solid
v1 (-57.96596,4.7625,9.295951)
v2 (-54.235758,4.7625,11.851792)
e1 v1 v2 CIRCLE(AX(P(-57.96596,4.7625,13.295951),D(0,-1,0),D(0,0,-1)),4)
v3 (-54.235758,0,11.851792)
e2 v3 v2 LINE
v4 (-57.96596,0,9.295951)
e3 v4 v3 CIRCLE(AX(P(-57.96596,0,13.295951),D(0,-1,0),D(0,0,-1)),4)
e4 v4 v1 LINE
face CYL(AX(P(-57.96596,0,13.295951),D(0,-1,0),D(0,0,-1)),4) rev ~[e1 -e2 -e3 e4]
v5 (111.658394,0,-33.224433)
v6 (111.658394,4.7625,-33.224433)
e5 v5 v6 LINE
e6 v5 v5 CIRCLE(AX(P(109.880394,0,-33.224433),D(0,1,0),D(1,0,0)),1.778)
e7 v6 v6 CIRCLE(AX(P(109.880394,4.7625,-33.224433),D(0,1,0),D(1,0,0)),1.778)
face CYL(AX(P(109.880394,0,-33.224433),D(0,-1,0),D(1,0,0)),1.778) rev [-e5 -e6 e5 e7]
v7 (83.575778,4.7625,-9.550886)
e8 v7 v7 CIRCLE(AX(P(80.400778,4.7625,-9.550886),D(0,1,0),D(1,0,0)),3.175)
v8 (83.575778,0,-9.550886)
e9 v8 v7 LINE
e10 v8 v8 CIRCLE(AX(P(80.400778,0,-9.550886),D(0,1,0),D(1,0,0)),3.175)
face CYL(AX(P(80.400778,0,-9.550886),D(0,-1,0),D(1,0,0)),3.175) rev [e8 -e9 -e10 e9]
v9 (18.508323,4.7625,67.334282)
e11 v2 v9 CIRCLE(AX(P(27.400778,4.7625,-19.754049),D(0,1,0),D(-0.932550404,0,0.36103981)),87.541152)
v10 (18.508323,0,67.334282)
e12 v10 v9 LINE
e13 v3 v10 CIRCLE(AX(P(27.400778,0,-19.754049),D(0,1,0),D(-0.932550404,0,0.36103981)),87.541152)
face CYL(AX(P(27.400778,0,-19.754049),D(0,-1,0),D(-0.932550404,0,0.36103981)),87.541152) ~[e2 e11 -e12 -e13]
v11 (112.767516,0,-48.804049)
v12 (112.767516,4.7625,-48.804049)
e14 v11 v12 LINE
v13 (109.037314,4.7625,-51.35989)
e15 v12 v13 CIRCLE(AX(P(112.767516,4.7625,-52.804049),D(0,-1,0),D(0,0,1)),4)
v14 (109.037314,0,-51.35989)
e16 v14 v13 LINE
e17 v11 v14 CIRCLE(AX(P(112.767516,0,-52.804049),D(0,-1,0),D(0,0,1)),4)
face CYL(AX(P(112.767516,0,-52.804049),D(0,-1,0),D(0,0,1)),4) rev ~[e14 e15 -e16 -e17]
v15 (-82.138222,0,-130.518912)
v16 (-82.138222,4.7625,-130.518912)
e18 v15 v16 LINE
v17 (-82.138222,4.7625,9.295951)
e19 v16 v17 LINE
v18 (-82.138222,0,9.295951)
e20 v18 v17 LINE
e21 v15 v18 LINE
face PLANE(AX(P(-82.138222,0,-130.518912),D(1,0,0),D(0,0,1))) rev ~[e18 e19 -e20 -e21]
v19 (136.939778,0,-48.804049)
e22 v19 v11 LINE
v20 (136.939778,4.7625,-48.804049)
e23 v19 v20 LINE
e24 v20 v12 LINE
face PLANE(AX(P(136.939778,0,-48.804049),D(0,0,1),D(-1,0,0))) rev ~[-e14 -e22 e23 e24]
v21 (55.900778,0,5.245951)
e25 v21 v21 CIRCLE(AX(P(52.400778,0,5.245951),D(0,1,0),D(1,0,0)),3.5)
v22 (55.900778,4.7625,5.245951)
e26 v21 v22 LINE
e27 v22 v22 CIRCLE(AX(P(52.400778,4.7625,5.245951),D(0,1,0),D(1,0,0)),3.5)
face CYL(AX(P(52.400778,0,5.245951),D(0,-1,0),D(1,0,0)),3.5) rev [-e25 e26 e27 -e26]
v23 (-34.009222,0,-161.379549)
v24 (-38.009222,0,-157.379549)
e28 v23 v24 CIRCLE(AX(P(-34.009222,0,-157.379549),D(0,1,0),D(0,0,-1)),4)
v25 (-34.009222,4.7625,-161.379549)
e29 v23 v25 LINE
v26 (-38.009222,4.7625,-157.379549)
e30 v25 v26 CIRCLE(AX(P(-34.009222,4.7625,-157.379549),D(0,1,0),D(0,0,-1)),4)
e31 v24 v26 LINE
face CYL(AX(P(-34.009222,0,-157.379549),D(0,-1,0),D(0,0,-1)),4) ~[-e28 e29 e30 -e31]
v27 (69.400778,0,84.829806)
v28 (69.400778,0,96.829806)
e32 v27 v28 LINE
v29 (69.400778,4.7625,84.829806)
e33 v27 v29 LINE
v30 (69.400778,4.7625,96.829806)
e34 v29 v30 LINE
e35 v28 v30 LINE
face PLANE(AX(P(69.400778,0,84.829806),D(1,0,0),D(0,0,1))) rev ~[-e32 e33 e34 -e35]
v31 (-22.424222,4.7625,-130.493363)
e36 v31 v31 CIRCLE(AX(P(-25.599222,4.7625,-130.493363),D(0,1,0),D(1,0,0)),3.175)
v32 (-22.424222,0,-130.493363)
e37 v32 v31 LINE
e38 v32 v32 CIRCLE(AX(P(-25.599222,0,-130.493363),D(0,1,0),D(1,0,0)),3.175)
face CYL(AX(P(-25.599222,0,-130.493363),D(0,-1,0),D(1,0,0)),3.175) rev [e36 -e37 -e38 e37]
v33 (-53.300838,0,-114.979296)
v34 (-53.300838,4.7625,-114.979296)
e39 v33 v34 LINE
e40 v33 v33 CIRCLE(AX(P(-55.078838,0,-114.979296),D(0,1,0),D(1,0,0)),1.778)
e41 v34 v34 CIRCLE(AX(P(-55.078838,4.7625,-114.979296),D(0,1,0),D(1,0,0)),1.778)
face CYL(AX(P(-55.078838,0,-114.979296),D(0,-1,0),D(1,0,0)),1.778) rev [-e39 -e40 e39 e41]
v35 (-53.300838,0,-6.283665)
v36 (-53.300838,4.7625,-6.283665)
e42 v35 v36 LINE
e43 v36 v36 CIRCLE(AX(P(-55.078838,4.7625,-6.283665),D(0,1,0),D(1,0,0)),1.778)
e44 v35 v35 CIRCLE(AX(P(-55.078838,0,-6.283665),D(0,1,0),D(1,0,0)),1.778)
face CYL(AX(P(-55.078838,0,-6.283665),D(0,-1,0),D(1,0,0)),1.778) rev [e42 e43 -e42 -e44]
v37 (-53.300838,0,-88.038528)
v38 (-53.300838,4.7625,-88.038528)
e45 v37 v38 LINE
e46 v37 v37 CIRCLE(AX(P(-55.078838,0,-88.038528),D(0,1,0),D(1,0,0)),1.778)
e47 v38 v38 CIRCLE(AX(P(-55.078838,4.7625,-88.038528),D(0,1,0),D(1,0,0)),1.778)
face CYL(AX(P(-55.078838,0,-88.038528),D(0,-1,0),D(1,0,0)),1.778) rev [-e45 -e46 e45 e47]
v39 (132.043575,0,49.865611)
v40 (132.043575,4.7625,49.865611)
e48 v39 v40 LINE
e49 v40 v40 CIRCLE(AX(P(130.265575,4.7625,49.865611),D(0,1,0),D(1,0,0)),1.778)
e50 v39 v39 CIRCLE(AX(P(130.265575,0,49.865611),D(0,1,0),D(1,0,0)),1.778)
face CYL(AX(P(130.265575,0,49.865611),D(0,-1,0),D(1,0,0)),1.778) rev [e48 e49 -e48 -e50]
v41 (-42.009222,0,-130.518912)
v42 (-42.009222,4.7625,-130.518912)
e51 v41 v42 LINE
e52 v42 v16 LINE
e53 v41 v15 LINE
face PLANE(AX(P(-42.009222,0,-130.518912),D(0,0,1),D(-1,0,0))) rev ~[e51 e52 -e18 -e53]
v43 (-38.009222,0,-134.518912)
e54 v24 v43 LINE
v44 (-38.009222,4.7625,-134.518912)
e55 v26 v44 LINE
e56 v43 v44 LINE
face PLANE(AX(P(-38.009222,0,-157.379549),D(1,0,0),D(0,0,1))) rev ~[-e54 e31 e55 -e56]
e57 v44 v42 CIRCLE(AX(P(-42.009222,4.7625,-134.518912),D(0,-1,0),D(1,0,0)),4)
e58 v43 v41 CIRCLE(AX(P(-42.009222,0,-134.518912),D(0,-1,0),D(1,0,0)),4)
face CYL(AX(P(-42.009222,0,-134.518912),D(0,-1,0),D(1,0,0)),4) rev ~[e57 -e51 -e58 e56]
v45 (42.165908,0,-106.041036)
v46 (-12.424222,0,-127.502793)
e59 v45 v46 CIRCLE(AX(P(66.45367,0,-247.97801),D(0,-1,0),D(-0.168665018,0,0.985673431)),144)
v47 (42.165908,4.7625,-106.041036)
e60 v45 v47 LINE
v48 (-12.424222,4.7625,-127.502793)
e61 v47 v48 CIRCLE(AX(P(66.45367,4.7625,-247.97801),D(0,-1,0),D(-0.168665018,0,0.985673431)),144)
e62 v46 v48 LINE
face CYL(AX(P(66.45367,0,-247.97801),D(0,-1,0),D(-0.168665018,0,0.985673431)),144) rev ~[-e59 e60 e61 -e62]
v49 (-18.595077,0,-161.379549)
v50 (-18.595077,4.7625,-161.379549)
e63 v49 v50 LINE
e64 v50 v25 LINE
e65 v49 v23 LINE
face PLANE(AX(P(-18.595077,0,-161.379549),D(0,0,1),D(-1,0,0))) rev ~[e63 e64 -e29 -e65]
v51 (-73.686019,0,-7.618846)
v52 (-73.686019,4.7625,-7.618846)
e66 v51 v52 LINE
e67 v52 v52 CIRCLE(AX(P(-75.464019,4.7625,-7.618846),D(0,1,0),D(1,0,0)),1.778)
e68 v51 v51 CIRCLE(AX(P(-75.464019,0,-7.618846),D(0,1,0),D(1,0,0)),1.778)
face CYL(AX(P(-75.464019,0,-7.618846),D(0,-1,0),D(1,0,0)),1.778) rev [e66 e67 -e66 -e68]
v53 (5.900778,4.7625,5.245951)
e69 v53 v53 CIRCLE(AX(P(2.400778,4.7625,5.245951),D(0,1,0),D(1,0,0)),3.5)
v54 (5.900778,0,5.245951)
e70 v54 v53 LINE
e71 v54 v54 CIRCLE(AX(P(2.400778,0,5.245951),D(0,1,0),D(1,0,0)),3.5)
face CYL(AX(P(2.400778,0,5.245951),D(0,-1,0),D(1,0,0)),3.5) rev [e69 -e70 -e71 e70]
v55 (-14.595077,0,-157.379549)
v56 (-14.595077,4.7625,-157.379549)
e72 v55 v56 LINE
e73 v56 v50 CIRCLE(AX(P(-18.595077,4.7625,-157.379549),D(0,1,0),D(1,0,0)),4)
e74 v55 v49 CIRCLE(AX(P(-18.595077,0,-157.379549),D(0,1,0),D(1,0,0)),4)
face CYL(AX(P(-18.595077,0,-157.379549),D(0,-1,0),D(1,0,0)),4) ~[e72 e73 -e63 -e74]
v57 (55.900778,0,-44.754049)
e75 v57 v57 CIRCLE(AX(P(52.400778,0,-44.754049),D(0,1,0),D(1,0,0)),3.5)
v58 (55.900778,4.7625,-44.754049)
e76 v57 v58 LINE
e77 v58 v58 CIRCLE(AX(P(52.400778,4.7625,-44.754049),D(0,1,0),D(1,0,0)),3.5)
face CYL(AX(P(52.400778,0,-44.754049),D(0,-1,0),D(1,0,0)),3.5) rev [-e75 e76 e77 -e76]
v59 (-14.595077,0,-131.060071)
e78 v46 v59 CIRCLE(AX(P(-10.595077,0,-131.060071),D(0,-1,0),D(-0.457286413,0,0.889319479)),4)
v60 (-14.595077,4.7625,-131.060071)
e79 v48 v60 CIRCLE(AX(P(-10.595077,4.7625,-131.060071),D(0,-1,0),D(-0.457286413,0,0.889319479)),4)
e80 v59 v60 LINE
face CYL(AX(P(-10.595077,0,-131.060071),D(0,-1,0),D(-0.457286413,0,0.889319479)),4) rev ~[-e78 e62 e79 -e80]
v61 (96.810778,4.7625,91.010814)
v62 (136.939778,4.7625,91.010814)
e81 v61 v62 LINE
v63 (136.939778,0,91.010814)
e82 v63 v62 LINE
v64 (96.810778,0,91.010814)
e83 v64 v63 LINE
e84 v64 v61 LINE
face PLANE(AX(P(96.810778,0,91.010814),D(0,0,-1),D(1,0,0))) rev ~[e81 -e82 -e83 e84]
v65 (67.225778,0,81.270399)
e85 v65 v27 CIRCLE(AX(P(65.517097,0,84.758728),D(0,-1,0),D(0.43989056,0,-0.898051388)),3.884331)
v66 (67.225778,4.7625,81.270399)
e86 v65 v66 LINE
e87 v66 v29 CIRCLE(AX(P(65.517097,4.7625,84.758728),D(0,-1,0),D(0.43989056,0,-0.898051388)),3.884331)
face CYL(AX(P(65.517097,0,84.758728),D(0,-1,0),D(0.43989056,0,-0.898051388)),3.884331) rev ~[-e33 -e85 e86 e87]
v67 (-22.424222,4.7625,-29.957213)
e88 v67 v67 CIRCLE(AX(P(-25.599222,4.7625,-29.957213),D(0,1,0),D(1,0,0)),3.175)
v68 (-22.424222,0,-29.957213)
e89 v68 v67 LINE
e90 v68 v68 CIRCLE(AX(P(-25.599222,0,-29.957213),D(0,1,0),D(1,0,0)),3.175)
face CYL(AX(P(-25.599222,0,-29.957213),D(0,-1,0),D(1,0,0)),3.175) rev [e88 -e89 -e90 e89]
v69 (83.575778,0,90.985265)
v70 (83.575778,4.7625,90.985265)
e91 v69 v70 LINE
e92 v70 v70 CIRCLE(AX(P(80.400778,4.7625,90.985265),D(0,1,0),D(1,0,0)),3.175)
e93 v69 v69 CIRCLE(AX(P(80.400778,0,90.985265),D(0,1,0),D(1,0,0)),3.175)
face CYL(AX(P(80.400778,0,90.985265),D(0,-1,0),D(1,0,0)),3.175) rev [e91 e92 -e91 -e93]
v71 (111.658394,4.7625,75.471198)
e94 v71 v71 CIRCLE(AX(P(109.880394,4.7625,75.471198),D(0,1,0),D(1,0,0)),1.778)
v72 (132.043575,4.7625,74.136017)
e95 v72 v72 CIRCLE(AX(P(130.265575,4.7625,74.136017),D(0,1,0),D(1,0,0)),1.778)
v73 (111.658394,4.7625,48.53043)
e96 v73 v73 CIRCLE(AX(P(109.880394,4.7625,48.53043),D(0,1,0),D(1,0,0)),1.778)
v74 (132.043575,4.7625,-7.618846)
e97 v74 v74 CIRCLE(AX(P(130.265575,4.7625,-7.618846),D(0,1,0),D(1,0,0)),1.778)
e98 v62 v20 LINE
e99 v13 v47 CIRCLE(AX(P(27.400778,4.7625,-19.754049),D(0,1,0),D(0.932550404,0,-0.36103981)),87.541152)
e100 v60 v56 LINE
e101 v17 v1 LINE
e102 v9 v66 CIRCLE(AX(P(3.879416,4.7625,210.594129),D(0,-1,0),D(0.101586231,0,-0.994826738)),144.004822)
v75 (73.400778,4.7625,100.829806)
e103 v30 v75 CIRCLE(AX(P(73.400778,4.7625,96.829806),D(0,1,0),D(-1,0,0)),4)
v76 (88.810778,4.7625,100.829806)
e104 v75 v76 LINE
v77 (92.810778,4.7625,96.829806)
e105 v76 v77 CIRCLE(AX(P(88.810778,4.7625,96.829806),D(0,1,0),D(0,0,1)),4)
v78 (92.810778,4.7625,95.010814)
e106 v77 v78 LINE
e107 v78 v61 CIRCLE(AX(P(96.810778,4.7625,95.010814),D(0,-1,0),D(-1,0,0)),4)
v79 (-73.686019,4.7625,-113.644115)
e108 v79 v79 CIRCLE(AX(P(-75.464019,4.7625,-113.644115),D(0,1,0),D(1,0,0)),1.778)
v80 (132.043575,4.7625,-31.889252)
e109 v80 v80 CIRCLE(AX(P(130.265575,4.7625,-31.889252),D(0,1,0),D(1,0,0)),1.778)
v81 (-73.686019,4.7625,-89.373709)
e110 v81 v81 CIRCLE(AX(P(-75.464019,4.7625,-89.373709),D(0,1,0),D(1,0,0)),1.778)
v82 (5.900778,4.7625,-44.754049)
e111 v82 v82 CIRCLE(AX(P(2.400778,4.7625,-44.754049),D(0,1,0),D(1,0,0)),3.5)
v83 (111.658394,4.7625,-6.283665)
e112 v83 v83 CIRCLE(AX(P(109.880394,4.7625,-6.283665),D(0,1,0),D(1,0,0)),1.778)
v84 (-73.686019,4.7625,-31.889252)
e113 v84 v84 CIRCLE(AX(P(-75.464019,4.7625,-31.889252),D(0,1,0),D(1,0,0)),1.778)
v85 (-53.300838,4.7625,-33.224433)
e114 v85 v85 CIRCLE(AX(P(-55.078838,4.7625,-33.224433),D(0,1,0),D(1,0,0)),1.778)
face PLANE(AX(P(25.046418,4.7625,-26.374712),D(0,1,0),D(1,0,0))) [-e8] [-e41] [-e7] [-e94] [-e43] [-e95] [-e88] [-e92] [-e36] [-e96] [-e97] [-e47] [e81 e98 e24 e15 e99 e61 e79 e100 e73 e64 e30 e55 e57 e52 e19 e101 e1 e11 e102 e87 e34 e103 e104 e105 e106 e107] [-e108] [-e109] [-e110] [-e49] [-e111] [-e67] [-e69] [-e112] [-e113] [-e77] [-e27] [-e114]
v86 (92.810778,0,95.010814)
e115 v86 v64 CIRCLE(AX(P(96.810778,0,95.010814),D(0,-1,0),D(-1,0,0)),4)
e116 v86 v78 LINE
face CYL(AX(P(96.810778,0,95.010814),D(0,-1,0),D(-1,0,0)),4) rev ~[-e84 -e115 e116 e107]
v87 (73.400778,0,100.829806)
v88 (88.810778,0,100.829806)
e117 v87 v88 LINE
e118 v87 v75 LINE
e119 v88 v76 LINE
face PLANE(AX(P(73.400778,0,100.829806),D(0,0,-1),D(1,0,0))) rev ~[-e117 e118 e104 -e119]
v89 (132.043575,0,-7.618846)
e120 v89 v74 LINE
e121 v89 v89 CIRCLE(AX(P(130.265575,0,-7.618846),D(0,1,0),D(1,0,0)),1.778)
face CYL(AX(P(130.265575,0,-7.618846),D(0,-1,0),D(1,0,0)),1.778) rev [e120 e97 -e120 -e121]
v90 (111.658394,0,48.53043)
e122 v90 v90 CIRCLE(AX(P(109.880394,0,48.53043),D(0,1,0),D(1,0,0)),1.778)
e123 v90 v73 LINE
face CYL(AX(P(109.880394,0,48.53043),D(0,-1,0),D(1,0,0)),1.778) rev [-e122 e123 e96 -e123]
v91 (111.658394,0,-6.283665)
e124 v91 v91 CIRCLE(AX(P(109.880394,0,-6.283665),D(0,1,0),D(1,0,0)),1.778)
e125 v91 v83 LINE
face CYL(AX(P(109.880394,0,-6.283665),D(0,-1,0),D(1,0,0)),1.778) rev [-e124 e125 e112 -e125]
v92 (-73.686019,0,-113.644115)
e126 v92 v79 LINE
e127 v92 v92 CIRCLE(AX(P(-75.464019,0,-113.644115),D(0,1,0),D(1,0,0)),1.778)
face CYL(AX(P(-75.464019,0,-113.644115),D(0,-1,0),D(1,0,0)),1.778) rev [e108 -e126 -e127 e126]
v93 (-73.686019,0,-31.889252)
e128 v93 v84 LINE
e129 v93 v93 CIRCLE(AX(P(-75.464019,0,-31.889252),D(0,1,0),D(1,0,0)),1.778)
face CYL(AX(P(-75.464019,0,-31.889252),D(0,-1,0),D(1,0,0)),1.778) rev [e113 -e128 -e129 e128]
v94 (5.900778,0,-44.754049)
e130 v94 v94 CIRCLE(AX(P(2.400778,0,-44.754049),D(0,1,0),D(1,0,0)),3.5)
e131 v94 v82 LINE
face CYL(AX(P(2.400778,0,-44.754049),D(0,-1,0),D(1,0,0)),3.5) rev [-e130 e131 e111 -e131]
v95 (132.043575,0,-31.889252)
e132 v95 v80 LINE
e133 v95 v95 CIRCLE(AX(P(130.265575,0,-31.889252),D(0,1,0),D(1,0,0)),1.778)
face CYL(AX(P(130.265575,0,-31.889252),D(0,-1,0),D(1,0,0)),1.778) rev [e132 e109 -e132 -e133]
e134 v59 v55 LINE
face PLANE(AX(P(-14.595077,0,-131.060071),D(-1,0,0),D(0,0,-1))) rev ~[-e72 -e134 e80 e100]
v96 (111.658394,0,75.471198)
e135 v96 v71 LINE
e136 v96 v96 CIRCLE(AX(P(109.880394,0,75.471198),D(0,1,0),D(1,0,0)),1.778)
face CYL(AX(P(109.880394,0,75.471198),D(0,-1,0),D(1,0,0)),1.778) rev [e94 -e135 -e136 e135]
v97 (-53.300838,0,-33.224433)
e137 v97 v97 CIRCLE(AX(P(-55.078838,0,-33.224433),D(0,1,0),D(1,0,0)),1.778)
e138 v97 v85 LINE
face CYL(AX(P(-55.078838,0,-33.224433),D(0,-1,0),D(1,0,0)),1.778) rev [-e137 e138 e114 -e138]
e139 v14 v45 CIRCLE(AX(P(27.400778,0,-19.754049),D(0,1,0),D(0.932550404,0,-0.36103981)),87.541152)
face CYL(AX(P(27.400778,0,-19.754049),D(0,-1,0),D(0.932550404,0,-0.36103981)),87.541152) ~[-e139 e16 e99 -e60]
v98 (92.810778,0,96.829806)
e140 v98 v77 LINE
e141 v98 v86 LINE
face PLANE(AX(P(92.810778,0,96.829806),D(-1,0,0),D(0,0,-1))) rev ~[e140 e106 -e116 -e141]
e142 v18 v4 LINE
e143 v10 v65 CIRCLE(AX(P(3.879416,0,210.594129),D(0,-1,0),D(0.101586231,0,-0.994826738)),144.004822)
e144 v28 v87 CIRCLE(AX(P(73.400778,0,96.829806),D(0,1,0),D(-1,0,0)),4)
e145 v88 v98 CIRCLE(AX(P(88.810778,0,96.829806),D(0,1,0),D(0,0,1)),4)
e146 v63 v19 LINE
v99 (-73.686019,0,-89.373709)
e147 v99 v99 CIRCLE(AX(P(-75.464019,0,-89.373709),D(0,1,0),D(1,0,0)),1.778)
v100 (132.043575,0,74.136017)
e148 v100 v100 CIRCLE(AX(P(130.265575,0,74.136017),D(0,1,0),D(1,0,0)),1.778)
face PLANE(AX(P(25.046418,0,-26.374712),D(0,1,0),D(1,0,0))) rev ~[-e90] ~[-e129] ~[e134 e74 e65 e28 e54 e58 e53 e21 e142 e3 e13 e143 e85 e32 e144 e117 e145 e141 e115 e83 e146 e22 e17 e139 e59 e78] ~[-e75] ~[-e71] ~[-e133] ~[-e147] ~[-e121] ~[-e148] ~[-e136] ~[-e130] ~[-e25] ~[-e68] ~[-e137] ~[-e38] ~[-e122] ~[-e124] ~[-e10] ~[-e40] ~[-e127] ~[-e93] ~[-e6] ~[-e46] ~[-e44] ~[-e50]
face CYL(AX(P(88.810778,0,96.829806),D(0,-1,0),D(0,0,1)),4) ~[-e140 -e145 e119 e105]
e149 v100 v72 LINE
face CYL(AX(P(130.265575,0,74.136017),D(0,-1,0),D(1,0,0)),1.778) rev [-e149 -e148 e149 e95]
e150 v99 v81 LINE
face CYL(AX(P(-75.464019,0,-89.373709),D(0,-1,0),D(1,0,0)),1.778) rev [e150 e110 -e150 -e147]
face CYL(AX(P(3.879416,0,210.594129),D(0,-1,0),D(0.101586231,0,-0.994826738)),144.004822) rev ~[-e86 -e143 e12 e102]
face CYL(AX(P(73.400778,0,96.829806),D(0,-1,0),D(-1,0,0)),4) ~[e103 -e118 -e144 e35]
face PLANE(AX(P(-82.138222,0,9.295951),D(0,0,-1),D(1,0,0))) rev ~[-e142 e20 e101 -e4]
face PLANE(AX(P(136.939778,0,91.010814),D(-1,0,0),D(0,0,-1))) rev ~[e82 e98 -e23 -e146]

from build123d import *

# Parameters (mm, degrees)
SKETCH1_R           = 3.5
SKETCH1_R_2         = 3.175
SKETCH1_R_3         = 1.778
BOSS_EXTRUDE1_DEPTH = 4.7625


with BuildPart() as part:
    # Sketch1 → Boss-Extrude1 (new body)
    with BuildSketch(Plane(origin=(0, 0, 0), x_dir=(1, 0, 0), z_dir=(0, 1, 0))):
        with BuildLine():
            Line((-82.138222173, -9.295950869), (-57.965959984, -9.295950869))
            ThreePointArc((-57.965959984, -9.295950869), (-55.705057174, -9.996205654), (-54.23575837, -11.851791627))
            ThreePointArc((-54.23575837, -11.851791627), (-25.688309848, -49.851999329), (18.508323348, -67.334282266))
            ThreePointArc((18.508323348, -67.334282266), (43.48483848, -72.142696572), (67.225777827, -81.270399198))
            ThreePointArc((67.225777827, -81.270399198), (68.831606216, -82.733374325), (69.400777827, -84.829805749))
            Line((69.400777827, -84.829805749), (69.400777827, -96.829805749))
            ThreePointArc((69.400777827, -96.829805749), (70.572350702, -99.658232874), (73.400777827, -100.829805749))
            Line((73.400777827, -100.829805749), (88.810777827, -100.829805749))
            ThreePointArc((88.810777827, -100.829805749), (91.639204952, -99.658232874), (92.810777827, -96.829805749))
            Line((92.810777827, -96.829805749), (92.810777827, -95.010813721))
            ThreePointArc((92.810777827, -95.010813721), (93.982350702, -92.182386597), (96.810777827, -91.010813721))
            Line((96.810777827, -91.010813721), (136.939777827, -91.010813721))
            Line((136.939777827, -91.010813721), (136.939777827, 48.804049131))
            Line((136.939777827, 48.804049131), (112.767515638, 48.804049131))
            ThreePointArc((112.767515638, 48.804049131), (110.506612828, 49.504303916), (109.037314024, 51.359889889))
            ThreePointArc((109.037314024, 51.359889889), (82.815823158, 87.522965038), (42.165907723, 106.041036281))
            ThreePointArc((42.165907723, 106.041036281), (13.766481711, 113.962861296), (-12.424222173, 127.502792592))
            ThreePointArc((-12.424222173, 127.502792592), (-14.009500528, 128.976393784), (-14.59507652, 131.060070509))
            Line((-14.59507652, 131.060070509), (-14.59507652, 157.379549131))
            ThreePointArc((-14.59507652, 157.379549131), (-15.766649396, 160.207976256), (-18.59507652, 161.379549131))
            Line((-18.59507652, 161.379549131), (-34.009222173, 161.379549131))
            ThreePointArc((-34.009222173, 161.379549131), (-36.837649298, 160.207976256), (-38.009222173, 157.379549131))
            Line((-38.009222173, 157.379549131), (-38.009222173, 134.518911983))
            ThreePointArc((-38.009222173, 134.518911983), (-39.180795048, 131.690484859), (-42.009222173, 130.518911983))
            Line((-42.009222173, 130.518911983), (-82.138222173, 130.518911983))
            Line((-82.138222173, 130.518911983), (-82.138222173, -9.295950869))
        make_face()
        with Locations((52.400777827, 44.754049131)):
            Circle(SKETCH1_R, mode=Mode.SUBTRACT)
        with Locations((52.400777827, -5.245950869)):
            Circle(SKETCH1_R, mode=Mode.SUBTRACT)
        with Locations((80.400777827, 9.550885679)):
            Circle(SKETCH1_R_2, mode=Mode.SUBTRACT)
        with Locations((109.880393645, 33.224433313)):
            Circle(SKETCH1_R_3, mode=Mode.SUBTRACT)
        with Locations((109.880393645, 6.283664949)):
            Circle(SKETCH1_R_3, mode=Mode.SUBTRACT)
        with Locations((109.880393645, -48.53042954)):
            Circle(SKETCH1_R_3, mode=Mode.SUBTRACT)
        with Locations((109.880393645, -75.471197903)):
            Circle(SKETCH1_R_3, mode=Mode.SUBTRACT)
        with Locations((130.26557504, -49.865610934)):
            Circle(SKETCH1_R_3, mode=Mode.SUBTRACT)
        with Locations((130.26557504, -74.136016508)):
            Circle(SKETCH1_R_3, mode=Mode.SUBTRACT)
        with Locations((130.26557504, 31.889251918)):
            Circle(SKETCH1_R_3, mode=Mode.SUBTRACT)
        with Locations((130.26557504, 7.618846344)):
            Circle(SKETCH1_R_3, mode=Mode.SUBTRACT)
        with Locations((80.400777827, -90.985264901)):
            Circle(SKETCH1_R_2, mode=Mode.SUBTRACT)
        with Locations((2.400777827, -5.245950869)):
            Circle(SKETCH1_R, mode=Mode.SUBTRACT)
        with Locations((2.400777827, 44.754049131)):
            Circle(SKETCH1_R, mode=Mode.SUBTRACT)
        with Locations((-25.599222173, 29.957212583)):
            Circle(SKETCH1_R_2, mode=Mode.SUBTRACT)
        with Locations((-55.078837991, 6.283664949)):
            Circle(SKETCH1_R_3, mode=Mode.SUBTRACT)
        with Locations((-55.078837991, 33.224433313)):
            Circle(SKETCH1_R_3, mode=Mode.SUBTRACT)
        with Locations((-55.078837991, 88.038527802)):
            Circle(SKETCH1_R_3, mode=Mode.SUBTRACT)
        with Locations((-55.078837991, 114.979296165)):
            Circle(SKETCH1_R_3, mode=Mode.SUBTRACT)
        with Locations((-75.464019386, 89.373709197)):
            Circle(SKETCH1_R_3, mode=Mode.SUBTRACT)
        with Locations((-75.464019386, 113.64411477)):
            Circle(SKETCH1_R_3, mode=Mode.SUBTRACT)
        with Locations((-75.464019386, 7.618846344)):
            Circle(SKETCH1_R_3, mode=Mode.SUBTRACT)
        with Locations((-75.464019386, 31.889251918)):
            Circle(SKETCH1_R_3, mode=Mode.SUBTRACT)
        with Locations((-25.599222173, 130.493363164)):
            Circle(SKETCH1_R_2, mode=Mode.SUBTRACT)
    extrude(amount=BOSS_EXTRUDE1_DEPTH)


solid = part.part
